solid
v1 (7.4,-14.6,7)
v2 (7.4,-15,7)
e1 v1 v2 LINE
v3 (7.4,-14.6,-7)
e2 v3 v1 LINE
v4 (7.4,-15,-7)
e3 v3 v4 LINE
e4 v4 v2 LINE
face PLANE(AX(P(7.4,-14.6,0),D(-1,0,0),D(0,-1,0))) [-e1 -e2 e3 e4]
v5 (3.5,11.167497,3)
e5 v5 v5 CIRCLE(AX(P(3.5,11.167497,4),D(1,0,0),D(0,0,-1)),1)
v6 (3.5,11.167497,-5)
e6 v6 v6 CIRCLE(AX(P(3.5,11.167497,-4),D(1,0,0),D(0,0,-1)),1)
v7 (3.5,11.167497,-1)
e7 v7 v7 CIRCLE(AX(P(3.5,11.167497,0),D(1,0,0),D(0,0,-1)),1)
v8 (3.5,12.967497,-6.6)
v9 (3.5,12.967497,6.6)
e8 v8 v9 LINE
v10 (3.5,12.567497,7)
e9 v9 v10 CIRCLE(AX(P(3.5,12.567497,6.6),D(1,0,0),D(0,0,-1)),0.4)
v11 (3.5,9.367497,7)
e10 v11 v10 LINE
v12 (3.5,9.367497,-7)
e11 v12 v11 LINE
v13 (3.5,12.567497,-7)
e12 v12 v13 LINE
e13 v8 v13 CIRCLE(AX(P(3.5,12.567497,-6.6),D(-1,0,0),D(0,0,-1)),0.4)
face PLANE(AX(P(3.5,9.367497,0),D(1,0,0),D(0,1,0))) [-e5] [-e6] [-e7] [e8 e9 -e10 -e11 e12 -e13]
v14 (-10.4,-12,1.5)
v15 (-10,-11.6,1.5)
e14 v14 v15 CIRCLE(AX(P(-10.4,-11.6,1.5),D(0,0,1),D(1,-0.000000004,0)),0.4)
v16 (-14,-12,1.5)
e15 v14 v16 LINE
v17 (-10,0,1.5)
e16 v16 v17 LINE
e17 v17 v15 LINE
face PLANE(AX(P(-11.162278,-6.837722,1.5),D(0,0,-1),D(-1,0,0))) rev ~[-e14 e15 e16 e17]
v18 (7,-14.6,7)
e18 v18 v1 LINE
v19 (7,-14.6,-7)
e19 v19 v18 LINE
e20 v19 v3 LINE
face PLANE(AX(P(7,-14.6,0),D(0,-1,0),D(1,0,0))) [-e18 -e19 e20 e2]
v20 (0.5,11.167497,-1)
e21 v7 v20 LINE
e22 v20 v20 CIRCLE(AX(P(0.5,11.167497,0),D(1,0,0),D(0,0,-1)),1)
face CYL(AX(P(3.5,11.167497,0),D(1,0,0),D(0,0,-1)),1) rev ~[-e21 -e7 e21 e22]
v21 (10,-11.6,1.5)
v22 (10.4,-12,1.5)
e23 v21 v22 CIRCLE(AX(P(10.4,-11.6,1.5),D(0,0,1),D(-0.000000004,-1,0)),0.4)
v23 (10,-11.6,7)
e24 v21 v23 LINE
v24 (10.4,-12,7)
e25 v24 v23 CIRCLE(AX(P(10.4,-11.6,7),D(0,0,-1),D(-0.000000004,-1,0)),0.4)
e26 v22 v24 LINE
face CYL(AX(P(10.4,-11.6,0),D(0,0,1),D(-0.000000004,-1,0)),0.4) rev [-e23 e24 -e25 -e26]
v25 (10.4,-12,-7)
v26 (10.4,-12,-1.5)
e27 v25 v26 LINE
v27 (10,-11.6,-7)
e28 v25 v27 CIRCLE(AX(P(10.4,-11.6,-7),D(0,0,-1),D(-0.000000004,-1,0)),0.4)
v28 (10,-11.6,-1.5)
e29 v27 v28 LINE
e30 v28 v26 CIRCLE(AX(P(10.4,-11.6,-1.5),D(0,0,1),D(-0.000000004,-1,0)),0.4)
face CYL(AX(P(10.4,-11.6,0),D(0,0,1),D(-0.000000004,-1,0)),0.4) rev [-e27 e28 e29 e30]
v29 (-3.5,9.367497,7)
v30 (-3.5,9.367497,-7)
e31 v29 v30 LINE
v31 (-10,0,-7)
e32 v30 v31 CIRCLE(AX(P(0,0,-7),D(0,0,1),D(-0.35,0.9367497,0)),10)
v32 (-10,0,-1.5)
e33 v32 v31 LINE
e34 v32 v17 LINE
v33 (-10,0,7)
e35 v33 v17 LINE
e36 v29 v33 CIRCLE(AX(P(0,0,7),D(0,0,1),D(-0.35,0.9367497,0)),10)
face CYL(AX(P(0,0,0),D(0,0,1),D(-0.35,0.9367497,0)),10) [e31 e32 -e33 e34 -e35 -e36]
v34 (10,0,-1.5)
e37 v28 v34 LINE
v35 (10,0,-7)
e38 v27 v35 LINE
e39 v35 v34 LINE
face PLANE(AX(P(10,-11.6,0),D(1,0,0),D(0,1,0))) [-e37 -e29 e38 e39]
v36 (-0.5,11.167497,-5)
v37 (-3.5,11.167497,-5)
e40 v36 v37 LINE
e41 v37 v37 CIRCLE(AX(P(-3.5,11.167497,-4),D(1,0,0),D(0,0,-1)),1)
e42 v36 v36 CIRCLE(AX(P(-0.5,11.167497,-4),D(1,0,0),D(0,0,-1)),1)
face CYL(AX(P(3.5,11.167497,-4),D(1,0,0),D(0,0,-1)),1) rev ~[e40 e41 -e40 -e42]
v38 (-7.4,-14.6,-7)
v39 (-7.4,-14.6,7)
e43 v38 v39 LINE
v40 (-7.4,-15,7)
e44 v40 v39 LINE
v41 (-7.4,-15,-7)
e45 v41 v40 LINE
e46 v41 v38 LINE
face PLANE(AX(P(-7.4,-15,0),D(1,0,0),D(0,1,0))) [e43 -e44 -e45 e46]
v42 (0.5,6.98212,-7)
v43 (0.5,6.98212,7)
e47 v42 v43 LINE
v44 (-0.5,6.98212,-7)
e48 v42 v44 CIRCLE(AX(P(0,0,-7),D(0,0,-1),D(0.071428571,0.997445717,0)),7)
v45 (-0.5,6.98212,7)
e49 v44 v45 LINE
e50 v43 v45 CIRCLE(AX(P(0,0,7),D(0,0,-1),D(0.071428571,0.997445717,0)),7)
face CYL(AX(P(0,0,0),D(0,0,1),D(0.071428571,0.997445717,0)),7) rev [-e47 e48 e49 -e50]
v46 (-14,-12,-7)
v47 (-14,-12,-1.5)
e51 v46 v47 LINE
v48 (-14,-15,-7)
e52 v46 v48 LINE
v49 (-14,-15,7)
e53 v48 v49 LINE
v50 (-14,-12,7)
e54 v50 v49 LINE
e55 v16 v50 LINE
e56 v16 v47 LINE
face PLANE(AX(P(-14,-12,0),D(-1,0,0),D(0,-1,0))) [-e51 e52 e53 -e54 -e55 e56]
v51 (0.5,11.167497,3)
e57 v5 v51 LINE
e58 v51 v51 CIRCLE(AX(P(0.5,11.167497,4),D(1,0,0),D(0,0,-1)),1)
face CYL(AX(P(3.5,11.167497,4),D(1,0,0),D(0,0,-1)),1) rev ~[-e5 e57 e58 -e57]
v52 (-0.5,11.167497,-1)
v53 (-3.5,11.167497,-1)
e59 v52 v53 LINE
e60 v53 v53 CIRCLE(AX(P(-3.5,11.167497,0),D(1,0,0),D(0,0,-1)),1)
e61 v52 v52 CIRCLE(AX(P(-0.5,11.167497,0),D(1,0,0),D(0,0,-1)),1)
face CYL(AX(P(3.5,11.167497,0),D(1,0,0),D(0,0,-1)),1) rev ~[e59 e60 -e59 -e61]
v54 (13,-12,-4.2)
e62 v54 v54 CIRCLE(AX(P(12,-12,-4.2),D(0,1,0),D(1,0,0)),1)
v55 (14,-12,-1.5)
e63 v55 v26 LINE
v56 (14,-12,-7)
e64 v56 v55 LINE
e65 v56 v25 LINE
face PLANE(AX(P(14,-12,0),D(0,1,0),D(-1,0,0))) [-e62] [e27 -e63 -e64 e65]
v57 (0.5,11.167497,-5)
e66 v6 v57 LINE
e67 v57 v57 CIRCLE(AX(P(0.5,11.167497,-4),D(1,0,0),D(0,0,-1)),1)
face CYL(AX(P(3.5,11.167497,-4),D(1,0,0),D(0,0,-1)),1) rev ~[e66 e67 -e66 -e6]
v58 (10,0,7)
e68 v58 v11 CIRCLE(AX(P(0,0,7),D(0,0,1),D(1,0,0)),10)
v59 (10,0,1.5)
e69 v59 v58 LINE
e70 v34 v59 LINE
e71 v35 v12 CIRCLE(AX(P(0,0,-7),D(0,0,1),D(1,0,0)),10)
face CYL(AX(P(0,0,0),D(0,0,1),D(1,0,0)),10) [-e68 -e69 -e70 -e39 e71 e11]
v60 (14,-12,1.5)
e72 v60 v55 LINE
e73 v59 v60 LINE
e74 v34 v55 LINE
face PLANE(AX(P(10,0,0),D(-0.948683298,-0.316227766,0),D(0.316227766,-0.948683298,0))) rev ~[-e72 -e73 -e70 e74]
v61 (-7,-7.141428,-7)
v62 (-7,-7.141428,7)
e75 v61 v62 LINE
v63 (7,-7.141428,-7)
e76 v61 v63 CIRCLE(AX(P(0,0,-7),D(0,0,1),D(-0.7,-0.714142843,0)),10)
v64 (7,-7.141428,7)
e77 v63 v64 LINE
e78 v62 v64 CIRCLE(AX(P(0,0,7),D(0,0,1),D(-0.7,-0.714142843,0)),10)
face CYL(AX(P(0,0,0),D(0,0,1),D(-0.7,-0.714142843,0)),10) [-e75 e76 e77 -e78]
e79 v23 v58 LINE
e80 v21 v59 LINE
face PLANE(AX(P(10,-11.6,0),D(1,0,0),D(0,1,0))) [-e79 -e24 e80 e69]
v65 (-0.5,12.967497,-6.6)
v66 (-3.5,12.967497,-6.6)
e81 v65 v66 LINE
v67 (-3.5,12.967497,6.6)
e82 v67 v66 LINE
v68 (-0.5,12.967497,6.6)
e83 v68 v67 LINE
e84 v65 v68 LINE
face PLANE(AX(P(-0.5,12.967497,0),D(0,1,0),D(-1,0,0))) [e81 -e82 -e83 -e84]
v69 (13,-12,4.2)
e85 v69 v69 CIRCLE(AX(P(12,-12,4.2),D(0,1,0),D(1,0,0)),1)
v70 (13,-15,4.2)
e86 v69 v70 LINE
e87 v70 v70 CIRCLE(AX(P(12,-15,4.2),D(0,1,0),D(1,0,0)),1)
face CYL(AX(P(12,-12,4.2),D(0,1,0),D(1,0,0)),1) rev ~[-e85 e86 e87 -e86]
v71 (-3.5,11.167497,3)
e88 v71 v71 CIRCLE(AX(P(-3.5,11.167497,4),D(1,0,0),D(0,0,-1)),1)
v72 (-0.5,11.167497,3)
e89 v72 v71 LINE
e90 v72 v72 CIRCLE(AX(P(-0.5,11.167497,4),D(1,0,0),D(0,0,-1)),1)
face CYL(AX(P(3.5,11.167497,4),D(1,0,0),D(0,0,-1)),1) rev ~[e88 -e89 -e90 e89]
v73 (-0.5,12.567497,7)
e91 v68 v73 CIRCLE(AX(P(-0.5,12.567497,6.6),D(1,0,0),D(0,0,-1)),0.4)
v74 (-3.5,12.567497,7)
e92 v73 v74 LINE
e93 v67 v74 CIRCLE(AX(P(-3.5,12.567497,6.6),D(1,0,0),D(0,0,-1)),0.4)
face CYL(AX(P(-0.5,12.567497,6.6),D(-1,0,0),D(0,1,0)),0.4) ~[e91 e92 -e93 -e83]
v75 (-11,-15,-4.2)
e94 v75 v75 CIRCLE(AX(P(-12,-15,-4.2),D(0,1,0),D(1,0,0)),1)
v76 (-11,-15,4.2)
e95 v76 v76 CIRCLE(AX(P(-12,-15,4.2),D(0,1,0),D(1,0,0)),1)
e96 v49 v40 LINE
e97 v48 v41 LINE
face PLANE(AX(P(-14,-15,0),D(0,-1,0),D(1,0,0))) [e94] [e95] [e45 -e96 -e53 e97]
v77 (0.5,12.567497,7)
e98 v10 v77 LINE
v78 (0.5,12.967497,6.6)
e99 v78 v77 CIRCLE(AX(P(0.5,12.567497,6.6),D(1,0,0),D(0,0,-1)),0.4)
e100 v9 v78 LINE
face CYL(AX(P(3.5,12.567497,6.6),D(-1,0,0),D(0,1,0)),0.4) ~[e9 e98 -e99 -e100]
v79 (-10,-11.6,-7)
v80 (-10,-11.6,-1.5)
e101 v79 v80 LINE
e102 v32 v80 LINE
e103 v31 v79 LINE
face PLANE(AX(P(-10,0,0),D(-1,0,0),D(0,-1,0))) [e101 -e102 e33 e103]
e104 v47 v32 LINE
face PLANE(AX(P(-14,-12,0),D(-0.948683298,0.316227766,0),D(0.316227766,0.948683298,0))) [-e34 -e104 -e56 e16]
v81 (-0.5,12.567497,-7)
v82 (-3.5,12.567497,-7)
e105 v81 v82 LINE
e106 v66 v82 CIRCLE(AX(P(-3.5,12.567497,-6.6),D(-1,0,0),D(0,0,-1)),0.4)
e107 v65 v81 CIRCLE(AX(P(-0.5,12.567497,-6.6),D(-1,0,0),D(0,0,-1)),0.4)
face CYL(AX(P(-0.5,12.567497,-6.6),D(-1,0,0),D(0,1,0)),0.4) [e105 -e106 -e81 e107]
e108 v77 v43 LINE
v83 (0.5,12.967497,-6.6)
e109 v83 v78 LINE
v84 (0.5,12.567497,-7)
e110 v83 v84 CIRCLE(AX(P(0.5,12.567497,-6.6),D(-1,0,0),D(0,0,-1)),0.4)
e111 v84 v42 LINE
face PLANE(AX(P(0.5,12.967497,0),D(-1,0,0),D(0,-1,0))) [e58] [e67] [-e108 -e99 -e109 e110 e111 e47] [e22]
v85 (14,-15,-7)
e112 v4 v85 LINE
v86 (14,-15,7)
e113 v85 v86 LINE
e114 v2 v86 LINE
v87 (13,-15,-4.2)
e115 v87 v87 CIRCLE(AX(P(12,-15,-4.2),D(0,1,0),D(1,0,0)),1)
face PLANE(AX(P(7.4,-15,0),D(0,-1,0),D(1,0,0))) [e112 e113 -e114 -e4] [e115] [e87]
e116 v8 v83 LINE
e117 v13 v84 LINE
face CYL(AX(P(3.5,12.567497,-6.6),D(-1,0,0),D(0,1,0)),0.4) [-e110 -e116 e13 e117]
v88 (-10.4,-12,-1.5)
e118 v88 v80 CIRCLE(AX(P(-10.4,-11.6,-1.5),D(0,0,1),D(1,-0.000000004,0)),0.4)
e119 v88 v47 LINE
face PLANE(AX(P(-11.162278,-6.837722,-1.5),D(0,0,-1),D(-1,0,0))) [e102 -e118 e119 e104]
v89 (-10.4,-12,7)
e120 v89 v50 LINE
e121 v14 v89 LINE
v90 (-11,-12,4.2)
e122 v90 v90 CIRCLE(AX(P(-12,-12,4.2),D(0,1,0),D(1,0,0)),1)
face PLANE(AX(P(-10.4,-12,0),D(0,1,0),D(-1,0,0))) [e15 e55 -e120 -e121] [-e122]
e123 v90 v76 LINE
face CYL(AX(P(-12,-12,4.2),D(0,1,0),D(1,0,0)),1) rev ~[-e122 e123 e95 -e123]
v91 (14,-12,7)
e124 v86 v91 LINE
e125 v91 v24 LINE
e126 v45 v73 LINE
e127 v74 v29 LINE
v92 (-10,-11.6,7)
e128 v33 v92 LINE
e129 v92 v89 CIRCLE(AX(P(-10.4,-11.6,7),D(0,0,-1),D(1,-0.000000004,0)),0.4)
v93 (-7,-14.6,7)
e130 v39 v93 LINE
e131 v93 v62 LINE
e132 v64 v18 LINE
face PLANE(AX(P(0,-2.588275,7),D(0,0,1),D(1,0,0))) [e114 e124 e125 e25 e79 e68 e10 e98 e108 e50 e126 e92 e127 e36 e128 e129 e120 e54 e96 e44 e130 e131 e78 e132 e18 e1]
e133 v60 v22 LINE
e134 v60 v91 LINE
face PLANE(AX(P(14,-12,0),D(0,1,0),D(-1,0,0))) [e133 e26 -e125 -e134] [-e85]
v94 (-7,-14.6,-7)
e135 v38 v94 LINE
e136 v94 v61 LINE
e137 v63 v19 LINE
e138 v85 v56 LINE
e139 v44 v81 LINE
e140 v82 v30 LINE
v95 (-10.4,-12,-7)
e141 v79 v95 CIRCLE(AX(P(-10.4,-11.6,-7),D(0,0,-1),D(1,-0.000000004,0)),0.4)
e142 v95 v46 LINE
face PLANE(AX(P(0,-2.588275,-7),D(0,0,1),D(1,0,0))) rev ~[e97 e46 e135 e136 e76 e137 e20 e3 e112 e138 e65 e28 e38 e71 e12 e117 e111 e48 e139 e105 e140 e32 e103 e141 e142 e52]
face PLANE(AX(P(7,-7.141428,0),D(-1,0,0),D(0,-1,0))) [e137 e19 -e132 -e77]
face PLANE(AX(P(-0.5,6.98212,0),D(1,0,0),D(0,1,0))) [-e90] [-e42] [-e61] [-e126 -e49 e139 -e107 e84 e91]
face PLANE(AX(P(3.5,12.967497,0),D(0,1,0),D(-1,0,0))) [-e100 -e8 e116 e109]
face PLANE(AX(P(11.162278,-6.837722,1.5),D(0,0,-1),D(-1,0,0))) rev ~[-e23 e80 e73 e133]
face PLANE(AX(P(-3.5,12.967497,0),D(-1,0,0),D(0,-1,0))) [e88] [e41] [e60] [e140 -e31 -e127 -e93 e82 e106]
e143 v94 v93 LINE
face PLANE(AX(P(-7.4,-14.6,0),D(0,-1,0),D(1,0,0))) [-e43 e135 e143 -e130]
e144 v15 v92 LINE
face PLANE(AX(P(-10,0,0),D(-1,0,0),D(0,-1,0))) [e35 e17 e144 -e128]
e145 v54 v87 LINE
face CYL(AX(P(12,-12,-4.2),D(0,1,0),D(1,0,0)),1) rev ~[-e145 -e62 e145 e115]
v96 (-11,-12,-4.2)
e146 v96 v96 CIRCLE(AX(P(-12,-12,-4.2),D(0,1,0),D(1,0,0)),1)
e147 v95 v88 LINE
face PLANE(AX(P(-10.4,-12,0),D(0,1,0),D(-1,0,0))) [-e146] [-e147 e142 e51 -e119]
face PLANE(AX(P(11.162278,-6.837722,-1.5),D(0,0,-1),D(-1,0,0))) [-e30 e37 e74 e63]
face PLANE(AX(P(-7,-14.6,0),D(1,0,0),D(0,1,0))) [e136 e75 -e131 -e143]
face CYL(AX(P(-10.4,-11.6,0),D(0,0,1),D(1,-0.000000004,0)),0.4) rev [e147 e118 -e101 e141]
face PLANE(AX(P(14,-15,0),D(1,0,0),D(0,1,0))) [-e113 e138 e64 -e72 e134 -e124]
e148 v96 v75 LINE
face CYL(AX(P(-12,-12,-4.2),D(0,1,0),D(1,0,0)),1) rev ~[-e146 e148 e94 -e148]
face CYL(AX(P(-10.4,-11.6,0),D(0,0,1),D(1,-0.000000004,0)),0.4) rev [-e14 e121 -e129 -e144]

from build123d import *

# Parameters (mm, degrees)
SALIENTE_EXTRUIR1_DEPTH      = 7
SALIENTE_EXTRUIR1_DEPTH_BACK = 7
REDONDEO1_R                  = 0.4
SALIENTE_EXTRUIR2_DEPTH      = 1.5
SALIENTE_EXTRUIR2_DEPTH_BACK = 1.5
CORTAR_EXTRUIR1_REACH        = 31.468
CROQUIS4_R                   = 1
CROQUIS5_R                   = 1
CORTAR_EXTRUIR2_DEPTH        = 8.5


with BuildPart() as part:
    # Croquis2 → Saliente-Extruir1 (new, two sides: drawn at the far end of the back side and taken through both)
    with BuildSketch(Plane.XY.offset(-SALIENTE_EXTRUIR1_DEPTH_BACK)):
        with BuildLine():
            Line((-10, 0), (-10, -11.6))
            ThreePointArc((-10, -11.6), (-10.117157288, -11.882842712), (-10.4, -12))
            Line((-10.4, -12), (-14, -12))
            Line((-14, -12), (-14, -15))
            Line((-14, -15), (-7.4, -15))
            Line((-7.4, -15), (-7.4, -14.6))
            Line((-7.4, -14.6), (-7, -14.6))
            Line((-7, -14.6), (-7, -7.141428429))
            ThreePointArc((-7, -7.141428429), (0, -10), (7, -7.141428429))
            Line((7, -7.141428429), (7, -14.6))
            Line((7, -14.6), (7.4, -14.6))
            Line((7.4, -14.6), (7.4, -15))
            Line((7.4, -15), (14, -15))
            Line((14, -15), (14, -12))
            Line((14, -12), (10.4, -12))
            ThreePointArc((10.4, -12), (10.117157288, -11.882842712), (10, -11.6))
            Line((10, -11.6), (10, 0))
            ThreePointArc((10, 0), (8.215838363, 5.700877125), (3.5, 9.367496998))
            Line((3.5, 9.367496998), (3.5, 12.967496998))
            Line((3.5, 12.967496998), (0.5, 12.967496998))
            Line((0.5, 12.967496998), (0.5, 9.987492178))
            Line((0.5, 9.987492178), (0.5, 6.982120022))
            ThreePointArc((0.5, 6.982120022), (0, -7), (-0.5, 6.982120022))
            Line((-0.5, 6.982120022), (-0.5, 9.987492178))
            Line((-0.5, 9.987492178), (-0.5, 12.967496998))
            Line((-0.5, 12.967496998), (-3.5, 12.967496998))
            Line((-3.5, 12.967496998), (-3.5, 9.367496998))
            ThreePointArc((-3.5, 9.367496998), (-8.215838363, 5.700877125), (-10, 0))
        make_face()
    extrude(amount=SALIENTE_EXTRUIR1_DEPTH + SALIENTE_EXTRUIR1_DEPTH_BACK)

    # Redondeo1
    redondeo1_edges = [part.edges().sort_by_distance(p)[0] for p in [
        (-2, 12.967496998, 7),
        (-2, 12.967496998, -7),
        (2, 12.967496998, -7),
        (2, 12.967496998, 7),
    ]]
    fillet(redondeo1_edges, radius=REDONDEO1_R)

    # Croquis3 → Saliente-Extruir2 (add, two sides: drawn at the far end of the back side and taken through both)
    with BuildSketch(Plane.XY.offset(-SALIENTE_EXTRUIR2_DEPTH_BACK)):
        Polygon((10, 0), (14, -12), (10, -12), align=None)
        Polygon((-10, -12), (-14, -12), (-10, 0), align=None)
    extrude(amount=SALIENTE_EXTRUIR2_DEPTH + SALIENTE_EXTRUIR2_DEPTH_BACK)

    # Croquis4 → Cortar-Extruir1 (cut, up to next)
    with BuildSketch(Plane(origin=(0, -12, 0), x_dir=(1, 0, 0), z_dir=(0, 1, 0)), mode=Mode.PRIVATE) as cortar_extruir1_sk1:
        with Locations((12, -4.2)):
            Circle(CROQUIS4_R)
    cortar_extruir1_tool1 = extrude(cortar_extruir1_sk1.sketch, amount=-CORTAR_EXTRUIR1_REACH, mode=Mode.PRIVATE) & part.part
    # Croquis4 → Cortar-Extruir1 (cut, up to next)
    with BuildSketch(Plane(origin=(0, -12, 0), x_dir=(1, 0, 0), z_dir=(0, 1, 0)), mode=Mode.PRIVATE) as cortar_extruir1_sk2:
        with Locations((12, 4.2)):
            Circle(CROQUIS4_R)
    cortar_extruir1_tool2 = extrude(cortar_extruir1_sk2.sketch, amount=-CORTAR_EXTRUIR1_REACH, mode=Mode.PRIVATE) & part.part
    # Croquis4 → Cortar-Extruir1 (cut, up to next)
    with BuildSketch(Plane(origin=(0, -12, 0), x_dir=(1, 0, 0), z_dir=(0, 1, 0)), mode=Mode.PRIVATE) as cortar_extruir1_sk3:
        with Locations((-12, 4.2)):
            Circle(CROQUIS4_R)
    cortar_extruir1_tool3 = extrude(cortar_extruir1_sk3.sketch, amount=-CORTAR_EXTRUIR1_REACH, mode=Mode.PRIVATE) & part.part
    # Croquis4 → Cortar-Extruir1 (cut, up to next)
    with BuildSketch(Plane(origin=(0, -12, 0), x_dir=(1, 0, 0), z_dir=(0, 1, 0)), mode=Mode.PRIVATE) as cortar_extruir1_sk4:
        with Locations((-12, -4.2)):
            Circle(CROQUIS4_R)
    cortar_extruir1_tool4 = extrude(cortar_extruir1_sk4.sketch, amount=-CORTAR_EXTRUIR1_REACH, mode=Mode.PRIVATE) & part.part
    add(cortar_extruir1_tool1.solids().sort_by_distance((12, -12, 4.2))[0], mode=Mode.SUBTRACT)
    add(cortar_extruir1_tool2.solids().sort_by_distance((12, -12, -4.2))[0], mode=Mode.SUBTRACT)
    add(cortar_extruir1_tool3.solids().sort_by_distance((-12, -12, -4.2))[0], mode=Mode.SUBTRACT)
    add(cortar_extruir1_tool4.solids().sort_by_distance((-12, -12, 4.2))[0], mode=Mode.SUBTRACT)

    # Croquis5 → Cortar-Extruir2 (cut)
    with BuildSketch(Plane(origin=(3.5, 0, 0), x_dir=(0, 0, -1), z_dir=(1, 0, 0))):
        with Locations((0, 11.167496998)):
            Circle(CROQUIS5_R)
        with Locations((4, 11.167496998)):
            Circle(CROQUIS5_R)
        with Locations((-4, 11.167496998)):
            Circle(CROQUIS5_R)
    extrude(amount=-CORTAR_EXTRUIR2_DEPTH, mode=Mode.SUBTRACT)


solid = part.part
